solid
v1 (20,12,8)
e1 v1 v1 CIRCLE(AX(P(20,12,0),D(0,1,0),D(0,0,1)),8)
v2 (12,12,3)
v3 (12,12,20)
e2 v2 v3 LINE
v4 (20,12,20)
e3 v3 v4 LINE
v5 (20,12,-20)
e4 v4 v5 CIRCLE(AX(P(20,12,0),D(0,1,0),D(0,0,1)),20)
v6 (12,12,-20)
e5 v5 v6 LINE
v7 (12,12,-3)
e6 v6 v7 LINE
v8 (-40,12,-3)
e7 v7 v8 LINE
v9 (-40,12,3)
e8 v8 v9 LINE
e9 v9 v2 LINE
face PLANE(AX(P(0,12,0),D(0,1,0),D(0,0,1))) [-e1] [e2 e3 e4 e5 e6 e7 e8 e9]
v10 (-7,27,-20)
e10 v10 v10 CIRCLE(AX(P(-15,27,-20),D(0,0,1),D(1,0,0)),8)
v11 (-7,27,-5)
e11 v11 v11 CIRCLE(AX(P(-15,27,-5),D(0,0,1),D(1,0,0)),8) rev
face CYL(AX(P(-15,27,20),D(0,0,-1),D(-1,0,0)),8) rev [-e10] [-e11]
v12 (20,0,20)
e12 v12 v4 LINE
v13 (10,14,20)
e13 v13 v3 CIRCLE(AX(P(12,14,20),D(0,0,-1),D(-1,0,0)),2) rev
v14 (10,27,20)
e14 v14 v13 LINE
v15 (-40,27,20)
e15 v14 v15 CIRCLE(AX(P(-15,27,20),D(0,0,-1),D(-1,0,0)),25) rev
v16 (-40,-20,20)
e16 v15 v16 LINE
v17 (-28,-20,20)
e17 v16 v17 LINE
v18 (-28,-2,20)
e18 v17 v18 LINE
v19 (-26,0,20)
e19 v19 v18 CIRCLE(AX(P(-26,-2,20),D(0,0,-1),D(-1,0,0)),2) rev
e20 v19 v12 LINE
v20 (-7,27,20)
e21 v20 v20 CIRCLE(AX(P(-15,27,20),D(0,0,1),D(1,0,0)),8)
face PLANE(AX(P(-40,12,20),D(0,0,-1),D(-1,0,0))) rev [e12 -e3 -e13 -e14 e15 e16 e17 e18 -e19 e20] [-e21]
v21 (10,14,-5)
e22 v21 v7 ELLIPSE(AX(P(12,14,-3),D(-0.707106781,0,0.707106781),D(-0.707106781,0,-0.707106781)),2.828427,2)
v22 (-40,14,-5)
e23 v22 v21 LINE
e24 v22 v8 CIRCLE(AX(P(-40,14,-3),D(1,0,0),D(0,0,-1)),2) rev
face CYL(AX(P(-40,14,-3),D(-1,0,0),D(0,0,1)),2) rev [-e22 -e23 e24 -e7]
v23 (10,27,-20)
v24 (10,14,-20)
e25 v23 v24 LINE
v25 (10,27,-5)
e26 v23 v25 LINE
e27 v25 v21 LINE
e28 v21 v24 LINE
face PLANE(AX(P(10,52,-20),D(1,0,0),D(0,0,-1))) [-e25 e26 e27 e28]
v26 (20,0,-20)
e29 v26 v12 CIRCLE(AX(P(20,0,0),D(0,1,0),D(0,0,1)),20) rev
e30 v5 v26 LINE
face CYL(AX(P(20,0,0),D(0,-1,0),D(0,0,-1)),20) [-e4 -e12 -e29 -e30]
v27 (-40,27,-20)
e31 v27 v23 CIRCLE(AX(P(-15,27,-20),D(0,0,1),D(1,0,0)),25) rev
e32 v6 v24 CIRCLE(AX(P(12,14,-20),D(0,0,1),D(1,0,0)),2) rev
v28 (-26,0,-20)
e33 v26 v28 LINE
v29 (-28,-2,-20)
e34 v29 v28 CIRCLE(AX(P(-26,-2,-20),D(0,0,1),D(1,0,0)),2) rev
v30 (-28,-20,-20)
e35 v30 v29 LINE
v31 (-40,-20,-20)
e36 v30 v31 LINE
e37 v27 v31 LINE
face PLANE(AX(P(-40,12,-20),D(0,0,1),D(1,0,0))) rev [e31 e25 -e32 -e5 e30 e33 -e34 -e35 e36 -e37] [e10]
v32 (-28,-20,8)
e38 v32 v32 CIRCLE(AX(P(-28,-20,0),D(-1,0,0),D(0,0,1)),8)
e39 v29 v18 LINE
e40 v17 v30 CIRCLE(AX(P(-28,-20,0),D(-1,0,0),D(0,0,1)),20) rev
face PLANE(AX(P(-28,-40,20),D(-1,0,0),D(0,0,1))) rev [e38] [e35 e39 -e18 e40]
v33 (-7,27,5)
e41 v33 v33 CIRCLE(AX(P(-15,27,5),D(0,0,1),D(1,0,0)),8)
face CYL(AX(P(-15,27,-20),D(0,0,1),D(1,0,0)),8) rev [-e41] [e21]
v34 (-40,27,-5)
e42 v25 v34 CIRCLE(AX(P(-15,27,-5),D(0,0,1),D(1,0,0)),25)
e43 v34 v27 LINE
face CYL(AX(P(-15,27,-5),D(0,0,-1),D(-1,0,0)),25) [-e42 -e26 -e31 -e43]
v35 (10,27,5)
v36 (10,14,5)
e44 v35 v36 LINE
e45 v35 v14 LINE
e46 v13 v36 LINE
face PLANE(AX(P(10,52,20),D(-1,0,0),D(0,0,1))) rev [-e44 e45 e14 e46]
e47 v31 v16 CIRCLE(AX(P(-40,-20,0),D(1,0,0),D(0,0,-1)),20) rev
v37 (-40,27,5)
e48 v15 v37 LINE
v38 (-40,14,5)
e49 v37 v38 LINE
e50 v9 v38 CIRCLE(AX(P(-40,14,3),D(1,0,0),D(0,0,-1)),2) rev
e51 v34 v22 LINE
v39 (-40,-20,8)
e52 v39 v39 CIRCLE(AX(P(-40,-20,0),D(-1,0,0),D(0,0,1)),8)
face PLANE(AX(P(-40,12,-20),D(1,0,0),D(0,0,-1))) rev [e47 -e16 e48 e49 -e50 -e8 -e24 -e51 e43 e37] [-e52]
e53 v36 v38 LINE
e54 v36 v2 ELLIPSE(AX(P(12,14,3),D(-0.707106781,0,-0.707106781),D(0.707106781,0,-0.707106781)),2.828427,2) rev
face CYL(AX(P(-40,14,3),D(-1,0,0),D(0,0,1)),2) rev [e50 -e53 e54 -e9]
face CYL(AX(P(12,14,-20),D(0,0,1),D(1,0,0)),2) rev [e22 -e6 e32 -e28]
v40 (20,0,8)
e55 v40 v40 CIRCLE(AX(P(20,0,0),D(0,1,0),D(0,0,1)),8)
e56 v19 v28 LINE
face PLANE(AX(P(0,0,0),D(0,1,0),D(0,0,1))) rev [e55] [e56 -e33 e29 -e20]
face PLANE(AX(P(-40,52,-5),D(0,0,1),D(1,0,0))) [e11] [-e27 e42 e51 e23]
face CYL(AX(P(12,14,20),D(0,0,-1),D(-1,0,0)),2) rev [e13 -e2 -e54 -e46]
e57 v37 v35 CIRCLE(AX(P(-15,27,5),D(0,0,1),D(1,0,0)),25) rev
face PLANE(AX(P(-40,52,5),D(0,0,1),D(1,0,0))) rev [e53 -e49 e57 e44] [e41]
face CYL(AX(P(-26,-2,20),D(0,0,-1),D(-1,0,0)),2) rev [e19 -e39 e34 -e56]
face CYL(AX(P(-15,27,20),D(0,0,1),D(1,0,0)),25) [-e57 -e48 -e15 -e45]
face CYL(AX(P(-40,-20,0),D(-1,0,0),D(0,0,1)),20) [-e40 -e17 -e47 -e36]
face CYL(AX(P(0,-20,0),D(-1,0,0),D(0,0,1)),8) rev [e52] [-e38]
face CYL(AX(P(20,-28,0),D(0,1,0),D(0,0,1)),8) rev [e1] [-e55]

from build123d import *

# Parameters (mm, degrees)
SKETCH1_W                   = 80
SKETCH1_H                   = 40
BOSS_EXTRUDE1_DEPTH         = 12
FILLET1_RADIUS              = 20
FILLET1_LENGTH              = 12
SKETCH2_W                   = 50
SKETCH2_H                   = 15
BOSS_EXTRUDE2_DEPTH         = 40
FILLET3_RADIUS              = 25
FILLET3_LENGTH              = 15
SKETCH4_R                   = 8
CUT_EXTRUDE2_DEPTH          = 40
FILLET3_OF_MIRROR7_2_RADIUS = 25
FILLET3_OF_MIRROR7_2_LENGTH = 15
SKETCH5_R                   = 8
CUT_EXTRUDE4_DEPTH          = 40
SKETCH7_W                   = 12
SKETCH7_H                   = 40
BOSS_EXTRUDE3_DEPTH         = 40
FILLET4_RADIUS              = 20
FILLET4_LENGTH              = 12
SKETCH8_R                   = 8
CUT_EXTRUDE5_DEPTH          = 40
FILLET6_R                   = 2
FILLET7_R                   = 2
FILLET8_R                   = 2
FILLET9_R                   = 2
FILLET10_R                  = 2


with BuildPart() as part:
    # Sketch1 → Boss-Extrude1 (new body)
    with BuildSketch(Plane(origin=(0, 0, 0), x_dir=(1, 0, 0), z_dir=(0, 1, 0))):
        Rectangle(SKETCH1_W, SKETCH1_H)
    extrude(amount=BOSS_EXTRUDE1_DEPTH)

    # Fillet1: full round fillet: the end face becomes a half cylinder, R = half its width
    fillet1_face = Plane((40, 6, 0), x_dir=(0, -1, 0), z_dir=(1, 0, 0))  # on the end face: x along it, z out of the body
    fillet1_slab = fillet1_face.offset(-FILLET1_RADIUS / 2) * Box(FILLET1_LENGTH, 2 * FILLET1_RADIUS, FILLET1_RADIUS, mode=Mode.PRIVATE)  # the body's end, R deep
    fillet1_round = Plane((20, 6, 0), x_dir=(1, 0, 0), z_dir=(0, -1, 0)) * Cylinder(FILLET1_RADIUS, FILLET1_LENGTH, mode=Mode.PRIVATE)  # its axis R under the face
    add(fillet1_slab - fillet1_round, mode=Mode.SUBTRACT)

    # Sketch2 → Boss-Extrude2 (add)
    with BuildSketch(Plane(origin=(0, 12, 0), x_dir=(1, 0, 0), z_dir=(0, 1, 0))):
        with Locations((-15, -12.5)):
            Rectangle(SKETCH2_W, SKETCH2_H)
    boss_extrude2 = extrude(amount=BOSS_EXTRUDE2_DEPTH)

    # Fillet3: full round fillet: the end face becomes a half cylinder, R = half its width
    fillet3_face = Plane((-15, 52, 12.5), x_dir=(0, 0, 1), z_dir=(0, 1, 0))  # on the end face: x along it, z out of the body
    fillet3_slab = fillet3_face.offset(-FILLET3_RADIUS / 2) * Box(FILLET3_LENGTH, 2 * FILLET3_RADIUS, FILLET3_RADIUS, mode=Mode.PRIVATE)  # the body's end, R deep
    fillet3_round = Plane((-15, 27, 12.5), x_dir=(0, 1, 0), z_dir=(0, 0, 1)) * Cylinder(FILLET3_RADIUS, FILLET3_LENGTH, mode=Mode.PRIVATE)  # its axis R under the face
    add(fillet3_slab - fillet3_round, mode=Mode.SUBTRACT)

    # Sketch4 → Cut-Extrude2 (cut)
    with BuildSketch(Plane.XY.offset(20)):
        with Locations((-15, 27)):
            Circle(SKETCH4_R)
    cut_extrude2 = extrude(amount=-CUT_EXTRUDE2_DEPTH, mode=Mode.SUBTRACT)

    # Mirror7: Boss-Extrude2, Cut-Extrude2 across plane
    add(boss_extrude2.mirror(Plane.XY))
    add(cut_extrude2.mirror(Plane.XY), mode=Mode.SUBTRACT)

    # Fillet3 of Mirror7 2: full round fillet: the end face becomes a half cylinder, R = half its width
    fillet3_of_mirror7_2_face = Plane((-15, 52, -12.5), x_dir=(0, 0, -1), z_dir=(0, 1, 0))  # on the end face: x along it, z out of the body
    fillet3_of_mirror7_2_slab = fillet3_of_mirror7_2_face.offset(-FILLET3_OF_MIRROR7_2_RADIUS / 2) * Box(FILLET3_OF_MIRROR7_2_LENGTH, 2 * FILLET3_OF_MIRROR7_2_RADIUS, FILLET3_OF_MIRROR7_2_RADIUS, mode=Mode.PRIVATE)  # the body's end, R deep
    fillet3_of_mirror7_2_round = Plane((-15, 27, -12.5), x_dir=(0, 1, 0), z_dir=(0, 0, -1)) * Cylinder(FILLET3_OF_MIRROR7_2_RADIUS, FILLET3_OF_MIRROR7_2_LENGTH, mode=Mode.PRIVATE)  # its axis R under the face
    add(fillet3_of_mirror7_2_slab - fillet3_of_mirror7_2_round, mode=Mode.SUBTRACT)

    # Sketch5 → Cut-Extrude4 (cut)
    with BuildSketch(Plane(origin=(0, 12, 0), x_dir=(1, 0, 0), z_dir=(0, 1, 0))):
        with Locations(Location((20, 0, 0), (0, 0, 270))):
            Circle(SKETCH5_R)
    extrude(amount=-CUT_EXTRUDE4_DEPTH, mode=Mode.SUBTRACT)

    # Sketch7 → Boss-Extrude3 (add)
    with BuildSketch(Plane(origin=(0, 0, 0), x_dir=(-1, 0, 0), z_dir=(0, -1, 0))):
        with Locations((34, 0)):
            Rectangle(SKETCH7_W, SKETCH7_H)
    extrude(amount=BOSS_EXTRUDE3_DEPTH)

    # Fillet4: full round fillet: the end face becomes a half cylinder, R = half its width
    fillet4_face = Plane((-34, -40, 0), x_dir=(1, 0, 0), z_dir=(0, -1, 0))  # on the end face: x along it, z out of the body
    fillet4_slab = fillet4_face.offset(-FILLET4_RADIUS / 2) * Box(FILLET4_LENGTH, 2 * FILLET4_RADIUS, FILLET4_RADIUS, mode=Mode.PRIVATE)  # the body's end, R deep
    fillet4_round = Plane((-34, -20, 0), x_dir=(0, -1, 0), z_dir=(1, 0, 0)) * Cylinder(FILLET4_RADIUS, FILLET4_LENGTH, mode=Mode.PRIVATE)  # its axis R under the face
    add(fillet4_slab - fillet4_round, mode=Mode.SUBTRACT)

    # Sketch8 → Cut-Extrude5 (cut)
    with BuildSketch(Plane.ZY.offset(40)):
        with Locations((0, -20)):
            Circle(SKETCH8_R)
    extrude(amount=-CUT_EXTRUDE5_DEPTH, mode=Mode.SUBTRACT)

    # Fillet6
    fillet6_edges = [part.edges().sort_by_distance(p)[0] for p in [
        (10, 12, 12.5),
    ]]
    fillet(fillet6_edges, radius=FILLET6_R)

    # Fillet7
    fillet7_edges = [part.edges().sort_by_distance(p)[0] for p in [
        (-14, 12, 5),
    ]]
    fillet(fillet7_edges, radius=FILLET7_R)

    # Fillet8
    fillet8_edges = [part.edges().sort_by_distance(p)[0] for p in [
        (-15, 12, -5),
    ]]
    fillet(fillet8_edges, radius=FILLET8_R)

    # Fillet9
    fillet9_edges = [part.edges().sort_by_distance(p)[0] for p in [
        (10, 12, -11.5),
    ]]
    fillet(fillet9_edges, radius=FILLET9_R)

    # Fillet10
    fillet10_edges = [part.edges().sort_by_distance(p)[0] for p in [
        (-28, 0, 0),
    ]]
    fillet(fillet10_edges, radius=FILLET10_R)


solid = part.part
